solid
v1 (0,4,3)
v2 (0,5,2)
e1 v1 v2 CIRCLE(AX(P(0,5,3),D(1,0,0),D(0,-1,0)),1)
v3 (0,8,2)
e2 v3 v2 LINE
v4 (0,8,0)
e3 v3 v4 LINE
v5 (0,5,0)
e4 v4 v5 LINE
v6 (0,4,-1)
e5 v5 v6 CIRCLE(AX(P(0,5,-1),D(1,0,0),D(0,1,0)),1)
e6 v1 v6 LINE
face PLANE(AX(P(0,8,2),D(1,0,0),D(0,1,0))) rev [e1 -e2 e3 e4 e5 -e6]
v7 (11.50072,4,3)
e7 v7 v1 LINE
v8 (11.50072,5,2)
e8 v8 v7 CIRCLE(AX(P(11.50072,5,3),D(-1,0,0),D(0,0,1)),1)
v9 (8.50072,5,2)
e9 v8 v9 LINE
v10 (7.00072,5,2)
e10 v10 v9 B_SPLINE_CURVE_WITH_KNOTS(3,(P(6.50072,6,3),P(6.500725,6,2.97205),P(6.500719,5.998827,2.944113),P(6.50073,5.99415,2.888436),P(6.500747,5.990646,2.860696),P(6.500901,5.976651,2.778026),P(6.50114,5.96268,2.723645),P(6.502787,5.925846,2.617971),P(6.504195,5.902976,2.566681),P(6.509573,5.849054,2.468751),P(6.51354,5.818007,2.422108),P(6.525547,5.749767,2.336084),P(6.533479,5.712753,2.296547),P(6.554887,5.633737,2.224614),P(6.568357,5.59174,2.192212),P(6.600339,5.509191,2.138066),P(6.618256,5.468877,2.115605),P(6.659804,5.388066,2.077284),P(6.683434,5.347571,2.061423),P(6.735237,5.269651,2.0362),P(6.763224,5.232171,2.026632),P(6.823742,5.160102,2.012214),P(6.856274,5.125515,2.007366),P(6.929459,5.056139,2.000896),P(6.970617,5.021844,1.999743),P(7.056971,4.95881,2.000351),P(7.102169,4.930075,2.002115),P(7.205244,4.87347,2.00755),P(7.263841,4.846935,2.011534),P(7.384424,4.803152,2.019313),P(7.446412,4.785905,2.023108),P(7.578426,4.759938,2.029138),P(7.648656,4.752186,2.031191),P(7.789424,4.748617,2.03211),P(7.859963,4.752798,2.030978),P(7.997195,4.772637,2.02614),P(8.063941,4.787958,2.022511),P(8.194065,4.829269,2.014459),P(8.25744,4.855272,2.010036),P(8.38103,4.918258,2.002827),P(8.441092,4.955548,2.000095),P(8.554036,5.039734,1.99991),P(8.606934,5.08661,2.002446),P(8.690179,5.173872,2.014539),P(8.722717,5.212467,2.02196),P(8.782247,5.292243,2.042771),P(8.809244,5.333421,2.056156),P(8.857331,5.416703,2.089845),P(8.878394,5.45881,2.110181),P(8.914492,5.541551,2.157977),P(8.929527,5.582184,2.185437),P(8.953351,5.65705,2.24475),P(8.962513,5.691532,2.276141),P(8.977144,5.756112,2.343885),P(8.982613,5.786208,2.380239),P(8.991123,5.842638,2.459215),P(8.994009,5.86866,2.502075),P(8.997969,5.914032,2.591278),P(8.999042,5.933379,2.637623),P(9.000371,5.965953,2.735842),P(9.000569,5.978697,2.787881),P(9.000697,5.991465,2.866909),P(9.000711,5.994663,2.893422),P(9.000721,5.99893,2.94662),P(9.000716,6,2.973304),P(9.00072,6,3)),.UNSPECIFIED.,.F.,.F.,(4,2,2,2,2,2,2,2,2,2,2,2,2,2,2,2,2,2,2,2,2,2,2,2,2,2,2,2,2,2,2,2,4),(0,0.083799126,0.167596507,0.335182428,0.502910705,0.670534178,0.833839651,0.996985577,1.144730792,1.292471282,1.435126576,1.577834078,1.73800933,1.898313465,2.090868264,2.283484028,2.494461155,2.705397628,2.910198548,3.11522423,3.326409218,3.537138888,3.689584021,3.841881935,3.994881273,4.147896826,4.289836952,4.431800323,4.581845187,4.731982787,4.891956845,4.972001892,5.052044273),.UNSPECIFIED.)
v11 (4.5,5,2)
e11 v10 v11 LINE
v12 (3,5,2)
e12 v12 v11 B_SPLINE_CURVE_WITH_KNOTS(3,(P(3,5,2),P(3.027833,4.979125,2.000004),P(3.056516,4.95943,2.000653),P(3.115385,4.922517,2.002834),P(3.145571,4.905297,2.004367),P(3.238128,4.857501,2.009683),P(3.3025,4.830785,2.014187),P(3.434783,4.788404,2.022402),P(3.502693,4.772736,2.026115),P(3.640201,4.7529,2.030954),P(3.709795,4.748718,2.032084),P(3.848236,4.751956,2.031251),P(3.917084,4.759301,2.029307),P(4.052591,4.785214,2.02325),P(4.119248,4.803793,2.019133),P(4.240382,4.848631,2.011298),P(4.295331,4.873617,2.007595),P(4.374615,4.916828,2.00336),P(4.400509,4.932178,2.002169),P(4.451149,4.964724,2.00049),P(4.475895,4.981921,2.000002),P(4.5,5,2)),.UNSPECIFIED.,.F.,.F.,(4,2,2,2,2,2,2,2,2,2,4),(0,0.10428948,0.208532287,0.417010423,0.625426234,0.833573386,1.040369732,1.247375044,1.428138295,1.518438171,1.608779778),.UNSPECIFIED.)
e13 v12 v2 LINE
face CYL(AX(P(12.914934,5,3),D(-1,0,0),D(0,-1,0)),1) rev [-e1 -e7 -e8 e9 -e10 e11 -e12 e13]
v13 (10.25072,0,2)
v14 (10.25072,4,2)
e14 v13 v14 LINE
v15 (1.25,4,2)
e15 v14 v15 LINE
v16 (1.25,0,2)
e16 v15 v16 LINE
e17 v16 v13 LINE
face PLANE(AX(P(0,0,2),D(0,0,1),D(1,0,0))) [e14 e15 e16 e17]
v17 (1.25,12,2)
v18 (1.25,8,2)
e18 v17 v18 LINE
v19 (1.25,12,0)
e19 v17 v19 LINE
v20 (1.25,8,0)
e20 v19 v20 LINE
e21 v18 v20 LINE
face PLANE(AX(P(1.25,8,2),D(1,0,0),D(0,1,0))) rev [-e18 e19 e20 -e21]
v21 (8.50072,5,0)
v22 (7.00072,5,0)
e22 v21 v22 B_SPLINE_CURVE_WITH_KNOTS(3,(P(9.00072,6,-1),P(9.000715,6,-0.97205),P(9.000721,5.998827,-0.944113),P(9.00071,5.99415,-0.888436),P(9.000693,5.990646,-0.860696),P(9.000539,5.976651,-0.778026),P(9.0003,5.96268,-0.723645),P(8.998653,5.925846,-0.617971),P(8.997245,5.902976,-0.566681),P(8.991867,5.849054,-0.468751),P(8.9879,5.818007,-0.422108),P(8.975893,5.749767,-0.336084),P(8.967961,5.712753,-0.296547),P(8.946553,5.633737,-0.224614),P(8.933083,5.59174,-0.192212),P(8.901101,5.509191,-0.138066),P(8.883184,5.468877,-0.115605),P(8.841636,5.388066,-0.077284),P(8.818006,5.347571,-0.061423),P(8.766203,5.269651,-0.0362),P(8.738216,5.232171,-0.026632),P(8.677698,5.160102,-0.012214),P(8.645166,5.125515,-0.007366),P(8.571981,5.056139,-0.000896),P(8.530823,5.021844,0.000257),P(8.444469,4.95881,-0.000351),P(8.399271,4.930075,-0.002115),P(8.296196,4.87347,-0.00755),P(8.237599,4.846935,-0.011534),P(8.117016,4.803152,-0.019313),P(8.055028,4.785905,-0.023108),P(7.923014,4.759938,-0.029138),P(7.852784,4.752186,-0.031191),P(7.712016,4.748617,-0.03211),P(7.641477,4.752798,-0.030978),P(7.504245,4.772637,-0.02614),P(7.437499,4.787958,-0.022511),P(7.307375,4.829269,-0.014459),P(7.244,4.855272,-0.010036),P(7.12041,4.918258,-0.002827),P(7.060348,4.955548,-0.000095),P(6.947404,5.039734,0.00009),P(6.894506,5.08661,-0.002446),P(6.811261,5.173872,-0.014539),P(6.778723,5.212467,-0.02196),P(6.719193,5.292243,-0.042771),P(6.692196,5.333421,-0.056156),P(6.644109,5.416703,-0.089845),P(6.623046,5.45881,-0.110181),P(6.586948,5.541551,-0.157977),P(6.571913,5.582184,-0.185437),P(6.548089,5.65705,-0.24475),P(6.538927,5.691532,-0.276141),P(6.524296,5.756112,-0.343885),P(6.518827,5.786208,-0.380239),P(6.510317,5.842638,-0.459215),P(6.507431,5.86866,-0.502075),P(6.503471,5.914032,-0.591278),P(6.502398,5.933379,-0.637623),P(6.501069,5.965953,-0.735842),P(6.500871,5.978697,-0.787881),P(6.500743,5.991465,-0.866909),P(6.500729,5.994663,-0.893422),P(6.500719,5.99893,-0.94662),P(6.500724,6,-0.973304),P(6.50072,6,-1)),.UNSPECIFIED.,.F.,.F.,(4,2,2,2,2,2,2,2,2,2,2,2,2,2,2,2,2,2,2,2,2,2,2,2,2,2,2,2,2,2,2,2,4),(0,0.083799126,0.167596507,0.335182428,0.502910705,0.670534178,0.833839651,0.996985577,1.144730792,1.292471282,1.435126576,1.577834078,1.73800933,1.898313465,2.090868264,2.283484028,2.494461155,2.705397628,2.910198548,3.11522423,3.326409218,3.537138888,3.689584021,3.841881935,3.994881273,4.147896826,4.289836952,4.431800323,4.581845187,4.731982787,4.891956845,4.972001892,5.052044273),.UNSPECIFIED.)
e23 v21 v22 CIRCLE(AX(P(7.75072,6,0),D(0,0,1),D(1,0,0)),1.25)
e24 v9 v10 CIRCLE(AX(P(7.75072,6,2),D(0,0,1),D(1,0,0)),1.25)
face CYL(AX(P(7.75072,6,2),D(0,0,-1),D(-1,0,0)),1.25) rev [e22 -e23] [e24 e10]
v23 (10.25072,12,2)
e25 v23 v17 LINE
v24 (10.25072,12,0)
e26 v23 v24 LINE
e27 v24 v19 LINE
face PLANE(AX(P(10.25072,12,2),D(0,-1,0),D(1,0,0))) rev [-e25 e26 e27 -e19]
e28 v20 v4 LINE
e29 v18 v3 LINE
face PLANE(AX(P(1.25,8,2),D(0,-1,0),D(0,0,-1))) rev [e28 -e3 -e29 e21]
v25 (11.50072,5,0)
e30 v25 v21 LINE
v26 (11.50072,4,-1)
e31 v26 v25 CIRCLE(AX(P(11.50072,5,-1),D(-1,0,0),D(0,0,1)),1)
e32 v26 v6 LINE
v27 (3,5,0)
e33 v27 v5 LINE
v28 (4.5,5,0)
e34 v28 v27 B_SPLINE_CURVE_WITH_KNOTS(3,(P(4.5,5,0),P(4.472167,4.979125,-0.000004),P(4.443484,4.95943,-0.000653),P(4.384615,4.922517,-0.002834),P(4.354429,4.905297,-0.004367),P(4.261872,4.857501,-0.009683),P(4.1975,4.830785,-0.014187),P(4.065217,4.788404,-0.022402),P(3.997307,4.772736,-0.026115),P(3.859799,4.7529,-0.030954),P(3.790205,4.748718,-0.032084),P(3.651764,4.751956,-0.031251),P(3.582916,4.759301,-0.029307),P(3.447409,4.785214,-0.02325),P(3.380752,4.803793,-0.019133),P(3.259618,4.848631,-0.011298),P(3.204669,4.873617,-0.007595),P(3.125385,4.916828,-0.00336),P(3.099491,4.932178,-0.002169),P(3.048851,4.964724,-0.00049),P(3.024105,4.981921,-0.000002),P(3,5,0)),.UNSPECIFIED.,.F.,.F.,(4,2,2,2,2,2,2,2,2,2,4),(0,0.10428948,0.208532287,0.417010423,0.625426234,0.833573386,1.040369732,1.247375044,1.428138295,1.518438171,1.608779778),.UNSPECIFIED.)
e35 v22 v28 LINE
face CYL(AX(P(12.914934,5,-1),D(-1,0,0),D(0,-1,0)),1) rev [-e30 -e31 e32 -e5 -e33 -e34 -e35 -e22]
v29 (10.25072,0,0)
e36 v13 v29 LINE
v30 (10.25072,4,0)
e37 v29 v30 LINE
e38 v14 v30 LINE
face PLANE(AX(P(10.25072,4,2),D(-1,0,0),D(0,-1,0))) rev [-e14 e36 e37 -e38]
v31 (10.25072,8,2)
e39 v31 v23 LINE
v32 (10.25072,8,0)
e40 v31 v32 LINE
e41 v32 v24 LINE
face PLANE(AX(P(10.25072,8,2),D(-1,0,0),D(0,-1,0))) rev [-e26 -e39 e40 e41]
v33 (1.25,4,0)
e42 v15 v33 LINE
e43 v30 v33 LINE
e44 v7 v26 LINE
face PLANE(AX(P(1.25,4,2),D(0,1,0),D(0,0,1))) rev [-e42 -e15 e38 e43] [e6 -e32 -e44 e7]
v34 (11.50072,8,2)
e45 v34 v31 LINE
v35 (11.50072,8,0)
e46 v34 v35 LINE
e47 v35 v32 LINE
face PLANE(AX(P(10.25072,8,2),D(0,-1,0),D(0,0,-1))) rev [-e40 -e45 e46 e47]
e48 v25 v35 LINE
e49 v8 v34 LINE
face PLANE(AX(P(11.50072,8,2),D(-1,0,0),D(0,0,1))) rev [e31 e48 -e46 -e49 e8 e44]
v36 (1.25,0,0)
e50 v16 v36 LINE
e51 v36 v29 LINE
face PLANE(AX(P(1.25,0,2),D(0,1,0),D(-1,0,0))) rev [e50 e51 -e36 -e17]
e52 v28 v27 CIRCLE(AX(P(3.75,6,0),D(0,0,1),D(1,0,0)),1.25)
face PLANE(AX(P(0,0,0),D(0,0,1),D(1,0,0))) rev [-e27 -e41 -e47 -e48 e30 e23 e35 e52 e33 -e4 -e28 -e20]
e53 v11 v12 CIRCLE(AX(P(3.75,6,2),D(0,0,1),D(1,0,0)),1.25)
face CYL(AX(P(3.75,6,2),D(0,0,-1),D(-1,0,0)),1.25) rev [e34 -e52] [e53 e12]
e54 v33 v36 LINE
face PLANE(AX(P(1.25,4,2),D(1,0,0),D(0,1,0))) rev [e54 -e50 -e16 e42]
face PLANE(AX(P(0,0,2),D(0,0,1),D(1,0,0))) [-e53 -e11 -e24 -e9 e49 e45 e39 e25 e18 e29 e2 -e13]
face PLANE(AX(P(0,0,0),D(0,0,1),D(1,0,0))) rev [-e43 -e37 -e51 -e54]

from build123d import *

# Parameters (mm, degrees)
MODEL_R                 = 1.25
BOSS_EXTRUDE1_DEPTH     = 2
BOSS_EXTRUDE2_DEPTH     = 11.50072
SKETCH2_R               = 1.25
CUT_EXTRUDE1_DEPTH      = 2
CUT_EXTRUDE1_DEPTH_BACK = 4


with BuildPart() as part:
    # Model → Boss-Extrude1 (new body)
    with BuildSketch(Plane.XY):
        Polygon((1.25, 4), (0, 4), (0, 8), (1.25, 8), (1.25, 12), (10.25072, 12), (10.25072, 8), (11.50072, 8), (11.50072, 4), (10.25072, 4), (10.25072, 0), (1.25, 0), align=None)
        with Locations((7.75072, 6)):
            Circle(MODEL_R, mode=Mode.SUBTRACT)
        with Locations((3.75, 6)):
            Circle(MODEL_R, mode=Mode.SUBTRACT)
    extrude(amount=BOSS_EXTRUDE1_DEPTH)

    # Sketch1 → Boss-Extrude2 (add)
    with BuildSketch(Plane.ZY):
        with BuildLine():
            Line((2, 4), (2, 5))
            ThreePointArc((2, 5), (2.292893219, 4.292893219), (3, 4))
            Line((3, 4), (2, 4))
        make_face()
        with BuildLine():
            Line((0, 4), (-1, 4))
            ThreePointArc((-1, 4), (-0.292893219, 4.292893219), (0, 5))
            Line((0, 5), (0, 4))
        make_face()
    extrude(amount=-BOSS_EXTRUDE2_DEPTH)

    # Sketch2 → Cut-Extrude1 (cut, two sides)
    with BuildSketch(Plane.XY.offset(2)) as cut_extrude1_sk:
        with Locations((3.75, 6)):
            Circle(SKETCH2_R)
        with Locations((7.75072, 6)):
            Circle(SKETCH2_R)
    extrude(amount=CUT_EXTRUDE1_DEPTH, mode=Mode.SUBTRACT)
    extrude(cut_extrude1_sk.sketch, amount=-CUT_EXTRUDE1_DEPTH_BACK, mode=Mode.SUBTRACT)


solid = part.part
